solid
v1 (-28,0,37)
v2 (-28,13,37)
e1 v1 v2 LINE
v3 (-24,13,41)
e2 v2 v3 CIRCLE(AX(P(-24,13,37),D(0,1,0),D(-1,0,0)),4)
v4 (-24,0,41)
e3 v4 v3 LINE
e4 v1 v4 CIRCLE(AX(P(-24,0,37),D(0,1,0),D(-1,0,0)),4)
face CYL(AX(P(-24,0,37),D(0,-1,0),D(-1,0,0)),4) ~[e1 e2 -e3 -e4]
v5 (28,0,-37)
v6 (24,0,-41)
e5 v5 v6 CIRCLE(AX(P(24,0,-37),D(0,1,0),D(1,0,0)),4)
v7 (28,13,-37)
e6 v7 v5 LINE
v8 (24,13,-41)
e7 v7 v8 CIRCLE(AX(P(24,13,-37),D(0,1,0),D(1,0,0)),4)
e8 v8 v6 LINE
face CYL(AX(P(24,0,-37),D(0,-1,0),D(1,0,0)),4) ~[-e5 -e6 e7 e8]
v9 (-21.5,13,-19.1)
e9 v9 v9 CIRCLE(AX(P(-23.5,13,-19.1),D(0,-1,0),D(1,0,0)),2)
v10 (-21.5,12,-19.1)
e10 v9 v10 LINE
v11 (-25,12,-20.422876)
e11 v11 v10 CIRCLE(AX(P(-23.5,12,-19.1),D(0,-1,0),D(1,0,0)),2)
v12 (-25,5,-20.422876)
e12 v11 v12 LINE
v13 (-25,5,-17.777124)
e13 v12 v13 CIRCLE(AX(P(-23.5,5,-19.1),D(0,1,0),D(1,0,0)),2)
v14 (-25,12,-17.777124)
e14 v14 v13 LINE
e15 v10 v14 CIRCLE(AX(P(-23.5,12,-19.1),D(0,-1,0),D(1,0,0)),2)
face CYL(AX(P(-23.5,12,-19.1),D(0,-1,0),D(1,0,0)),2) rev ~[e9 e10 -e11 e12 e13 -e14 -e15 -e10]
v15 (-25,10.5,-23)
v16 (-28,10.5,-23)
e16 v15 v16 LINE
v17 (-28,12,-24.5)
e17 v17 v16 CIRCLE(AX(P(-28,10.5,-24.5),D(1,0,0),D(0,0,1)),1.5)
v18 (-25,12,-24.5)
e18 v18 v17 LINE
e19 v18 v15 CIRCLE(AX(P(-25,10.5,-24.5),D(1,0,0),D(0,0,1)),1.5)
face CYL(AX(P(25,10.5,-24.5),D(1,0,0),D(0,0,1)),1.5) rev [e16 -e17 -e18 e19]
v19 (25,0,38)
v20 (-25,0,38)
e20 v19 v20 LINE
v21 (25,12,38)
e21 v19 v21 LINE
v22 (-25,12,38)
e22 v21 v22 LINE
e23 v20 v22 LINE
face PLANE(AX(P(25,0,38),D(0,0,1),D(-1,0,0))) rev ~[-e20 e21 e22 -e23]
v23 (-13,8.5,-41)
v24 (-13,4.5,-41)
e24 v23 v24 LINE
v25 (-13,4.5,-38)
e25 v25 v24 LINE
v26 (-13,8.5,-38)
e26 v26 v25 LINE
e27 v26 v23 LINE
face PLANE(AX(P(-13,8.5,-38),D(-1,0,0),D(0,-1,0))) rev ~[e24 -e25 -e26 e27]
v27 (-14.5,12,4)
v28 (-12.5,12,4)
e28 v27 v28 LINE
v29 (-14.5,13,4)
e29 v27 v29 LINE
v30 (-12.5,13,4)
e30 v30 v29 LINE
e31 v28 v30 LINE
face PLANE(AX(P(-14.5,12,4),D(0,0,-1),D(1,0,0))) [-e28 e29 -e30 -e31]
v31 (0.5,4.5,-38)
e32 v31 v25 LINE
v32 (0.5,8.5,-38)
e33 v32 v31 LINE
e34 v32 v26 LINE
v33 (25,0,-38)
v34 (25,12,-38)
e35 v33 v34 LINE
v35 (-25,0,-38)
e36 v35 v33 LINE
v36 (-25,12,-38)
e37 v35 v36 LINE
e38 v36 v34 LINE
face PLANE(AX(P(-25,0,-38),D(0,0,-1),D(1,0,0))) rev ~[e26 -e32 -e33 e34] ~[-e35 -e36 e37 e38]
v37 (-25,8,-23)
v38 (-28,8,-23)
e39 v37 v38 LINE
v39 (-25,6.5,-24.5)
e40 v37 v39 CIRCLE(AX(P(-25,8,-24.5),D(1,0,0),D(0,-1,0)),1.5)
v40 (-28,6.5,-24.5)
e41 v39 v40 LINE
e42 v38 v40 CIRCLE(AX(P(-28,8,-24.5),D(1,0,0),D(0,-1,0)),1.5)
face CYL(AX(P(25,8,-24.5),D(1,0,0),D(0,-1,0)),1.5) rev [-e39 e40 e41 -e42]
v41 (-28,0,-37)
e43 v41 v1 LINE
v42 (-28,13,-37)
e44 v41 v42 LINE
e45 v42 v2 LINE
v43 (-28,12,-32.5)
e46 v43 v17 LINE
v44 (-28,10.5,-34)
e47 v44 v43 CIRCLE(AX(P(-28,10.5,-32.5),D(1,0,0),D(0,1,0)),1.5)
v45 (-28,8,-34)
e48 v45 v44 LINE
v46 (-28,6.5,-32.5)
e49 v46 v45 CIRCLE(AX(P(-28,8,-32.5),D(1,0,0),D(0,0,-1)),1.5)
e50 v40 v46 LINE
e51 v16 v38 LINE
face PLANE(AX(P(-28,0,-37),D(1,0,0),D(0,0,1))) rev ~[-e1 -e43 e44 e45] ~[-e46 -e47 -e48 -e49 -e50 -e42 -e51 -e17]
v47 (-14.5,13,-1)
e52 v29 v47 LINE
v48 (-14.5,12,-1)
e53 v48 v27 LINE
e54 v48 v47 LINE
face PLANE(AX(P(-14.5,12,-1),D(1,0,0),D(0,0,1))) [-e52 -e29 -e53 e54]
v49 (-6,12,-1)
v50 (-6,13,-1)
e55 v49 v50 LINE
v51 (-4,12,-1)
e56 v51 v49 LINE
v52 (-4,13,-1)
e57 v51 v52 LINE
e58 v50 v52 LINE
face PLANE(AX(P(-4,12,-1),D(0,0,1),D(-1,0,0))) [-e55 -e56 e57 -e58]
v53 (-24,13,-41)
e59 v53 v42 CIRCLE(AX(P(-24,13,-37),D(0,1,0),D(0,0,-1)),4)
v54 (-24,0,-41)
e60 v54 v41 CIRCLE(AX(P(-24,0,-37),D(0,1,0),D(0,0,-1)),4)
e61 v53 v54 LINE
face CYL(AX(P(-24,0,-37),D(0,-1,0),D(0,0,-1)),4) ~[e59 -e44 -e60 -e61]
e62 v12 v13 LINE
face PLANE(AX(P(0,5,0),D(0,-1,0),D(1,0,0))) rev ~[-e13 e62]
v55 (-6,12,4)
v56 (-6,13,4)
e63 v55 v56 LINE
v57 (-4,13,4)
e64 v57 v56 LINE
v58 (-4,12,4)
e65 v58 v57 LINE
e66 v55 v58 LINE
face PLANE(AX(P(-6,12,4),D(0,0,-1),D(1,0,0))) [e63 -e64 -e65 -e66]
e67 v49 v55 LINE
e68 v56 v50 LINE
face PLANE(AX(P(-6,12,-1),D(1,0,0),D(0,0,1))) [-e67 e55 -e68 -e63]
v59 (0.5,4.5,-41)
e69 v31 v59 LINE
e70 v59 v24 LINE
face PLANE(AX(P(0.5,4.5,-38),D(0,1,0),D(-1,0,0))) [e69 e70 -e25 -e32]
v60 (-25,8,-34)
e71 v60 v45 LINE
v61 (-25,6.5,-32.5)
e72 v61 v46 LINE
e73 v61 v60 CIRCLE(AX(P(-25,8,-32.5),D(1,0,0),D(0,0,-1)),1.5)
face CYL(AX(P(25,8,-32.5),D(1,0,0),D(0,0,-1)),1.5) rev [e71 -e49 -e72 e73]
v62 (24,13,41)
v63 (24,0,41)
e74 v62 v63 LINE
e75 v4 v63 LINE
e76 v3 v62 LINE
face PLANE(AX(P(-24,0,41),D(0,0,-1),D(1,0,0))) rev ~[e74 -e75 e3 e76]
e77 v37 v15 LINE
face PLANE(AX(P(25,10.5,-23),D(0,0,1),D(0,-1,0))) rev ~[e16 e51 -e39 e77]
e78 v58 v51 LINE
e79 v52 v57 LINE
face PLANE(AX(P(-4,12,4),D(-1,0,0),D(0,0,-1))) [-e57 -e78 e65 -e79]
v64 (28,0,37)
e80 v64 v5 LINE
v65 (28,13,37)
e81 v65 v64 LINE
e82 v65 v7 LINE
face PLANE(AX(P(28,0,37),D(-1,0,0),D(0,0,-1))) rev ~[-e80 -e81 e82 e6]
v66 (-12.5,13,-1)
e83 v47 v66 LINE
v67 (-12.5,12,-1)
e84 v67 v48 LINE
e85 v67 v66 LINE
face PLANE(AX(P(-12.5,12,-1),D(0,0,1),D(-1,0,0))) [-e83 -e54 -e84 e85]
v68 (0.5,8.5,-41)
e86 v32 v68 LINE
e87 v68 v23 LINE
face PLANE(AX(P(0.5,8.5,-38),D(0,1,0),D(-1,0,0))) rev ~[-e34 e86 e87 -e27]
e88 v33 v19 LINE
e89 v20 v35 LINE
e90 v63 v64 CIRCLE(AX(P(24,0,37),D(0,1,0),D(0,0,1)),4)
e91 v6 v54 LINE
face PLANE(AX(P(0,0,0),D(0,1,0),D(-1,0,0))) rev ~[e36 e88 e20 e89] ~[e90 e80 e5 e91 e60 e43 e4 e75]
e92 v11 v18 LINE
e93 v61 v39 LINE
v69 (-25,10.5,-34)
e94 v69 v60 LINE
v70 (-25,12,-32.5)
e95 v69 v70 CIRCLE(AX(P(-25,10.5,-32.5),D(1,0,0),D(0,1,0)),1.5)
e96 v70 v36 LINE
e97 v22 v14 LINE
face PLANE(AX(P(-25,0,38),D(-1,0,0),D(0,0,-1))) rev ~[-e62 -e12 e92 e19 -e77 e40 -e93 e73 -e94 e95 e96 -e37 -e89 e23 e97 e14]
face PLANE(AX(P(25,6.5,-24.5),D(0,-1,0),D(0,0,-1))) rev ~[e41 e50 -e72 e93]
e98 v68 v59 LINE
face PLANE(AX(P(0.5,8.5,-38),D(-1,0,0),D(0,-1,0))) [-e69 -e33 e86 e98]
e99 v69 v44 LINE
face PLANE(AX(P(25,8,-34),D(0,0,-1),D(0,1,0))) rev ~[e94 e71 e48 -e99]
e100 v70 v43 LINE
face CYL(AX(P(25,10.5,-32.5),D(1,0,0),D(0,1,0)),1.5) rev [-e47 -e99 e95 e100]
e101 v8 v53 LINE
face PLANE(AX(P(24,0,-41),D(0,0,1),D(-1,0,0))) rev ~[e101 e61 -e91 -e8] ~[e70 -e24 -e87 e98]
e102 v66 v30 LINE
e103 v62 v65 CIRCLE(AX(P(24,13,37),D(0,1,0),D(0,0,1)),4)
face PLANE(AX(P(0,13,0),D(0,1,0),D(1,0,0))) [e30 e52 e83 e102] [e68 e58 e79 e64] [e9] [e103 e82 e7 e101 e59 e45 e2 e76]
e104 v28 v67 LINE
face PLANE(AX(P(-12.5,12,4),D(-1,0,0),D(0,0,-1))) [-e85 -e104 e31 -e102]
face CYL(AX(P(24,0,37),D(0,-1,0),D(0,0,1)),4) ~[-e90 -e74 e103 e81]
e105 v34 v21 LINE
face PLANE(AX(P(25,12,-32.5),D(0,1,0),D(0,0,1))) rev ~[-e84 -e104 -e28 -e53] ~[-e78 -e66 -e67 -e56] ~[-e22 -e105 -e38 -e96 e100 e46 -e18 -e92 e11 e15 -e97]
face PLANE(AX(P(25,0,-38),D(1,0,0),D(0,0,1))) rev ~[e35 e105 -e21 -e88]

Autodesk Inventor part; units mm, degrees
ref_plane "YZ Plane" through (0, 0, 0) normal (1, 0, 0) x (0, 1, 0)
ref_plane "XZ Plane" through (0, 0, 0) normal (0, 1, 0) x (-1, 0, 0)
ref_plane "XY Plane" through (0, 0, 0) normal (0, 0, 1) x (1, 0, 0)
sketch "Boceto1" plane through (0, 0, 0) normal (0, 1, 0) x (-1, 0, 0)
  line L0 (-25, 38) -> (25, 38)
  line L1 (25, 38) -> (25, -38)
  line L2 (25, -38) -> (-25, -38)
  line L3 (-25, -38) -> (-25, 38)
  line L4 (-25, 38) -> (25, -38) construction
  line L5 (25, 38) -> (-25, -38) construction
  line L6 (28, -37) -> (28, 37)
  line L7 (24, 41) -> (-24, 41)
  line L8 (-28, 37) -> (-28, -37)
  line L9 (-24, -41) -> (24, -41)
  arc A0 (28, 37) -> (24, 41) centre (24, 37) ccw
  arc A1 (24, -41) -> (28, -37) centre (24, -37) ccw
  arc A2 (-28, -37) -> (-24, -41) centre (-24, -37) ccw
  arc A3 (-24, 41) -> (-28, 37) centre (-24, 37) ccw
  point P0 (0, 0)
  dimension "d0" = 50
  dimension "d1" = 76
  dimension "d2" = 3
  dimension "d3" = 4
extrude "Extrusión1" add sketch "Boceto1" along normal blind 12
sketch "Boceto2" plane through (0, 12, 0) normal (0, 1, 0) x (1, 0, 0)
  arc A0 (-28, -37) -> (-24, -41) centre (-24, -37) ccw projected
  line L0 (-24, -41) -> (24, -41) projected
  arc A1 (24, -41) -> (28, -37) centre (24, -37) ccw projected
  line L1 (28, -37) -> (28, 37) projected
  arc A2 (28, 37) -> (24, 41) centre (24, 37) ccw projected
  line L2 (24, 41) -> (-24, 41) projected
  arc A3 (-24, 41) -> (-28, 37) centre (-24, 37) ccw projected
  line L3 (-28, 37) -> (-28, -37) projected
  line L4 (25, -38) -> (-25, -38) projected
  line L5 (-25, -38) -> (-25, 38) projected
  line L6 (-25, 38) -> (25, 38) projected
  line L7 (25, 38) -> (25, -38) projected
  point P0 (0, 0)
extrude "Extrusión2" add sketch "Boceto2" along normal blind 1 contours L3 A3 L2 A2 L1 A1 L0 A0 | L4 L5 L6 L7
sketch "Boceto3" plane through (25, 0, -38) normal (-1, 0, 0) x (0, 0, 1)
  line L0 (0, 0) -> (76, 0) projected
  line L1 (76, 0) -> (76, 12) projected
  line L2 (0, 12) -> (76, 12) projected
  line L3 (0, 0) -> (0, 12) projected
  line L4 (5.5, 12) -> (13.5, 12)
  line L5 (15, 10.5) -> (15, 8)
  line L6 (13.5, 6.5) -> (5.5, 6.5)
  line L7 (4, 8) -> (4, 10.5)
  arc A0 (13.5, 6.5) -> (15, 8) centre (13.5, 8) ccw
  arc A1 (4, 8) -> (5.5, 6.5) centre (5.5, 8) ccw
  arc A2 (15, 10.5) -> (13.5, 12) centre (13.5, 10.5) ccw
  arc A3 (5.5, 12) -> (4, 10.5) centre (5.5, 10.5) ccw
  point P0 (38, 0)
  point P1 (15, 12)
  point P2 (15, 6.5)
  point P3 (4, 6.5)
  point P4 (4, 12)
  point P5 (13.5, 12)
  point P6 (5.5, 12)
  dimension "d8" = 15
  dimension "d9" = 5.5
  dimension "d10" = 11
  dimension "d11" = 90
  dimension "d12" = 5.5
  dimension "d13" = 90
  dimension "d14" = 1.5
  dimension "d15" = 1.5
extrude "Extrusión3" cut sketch "Boceto3" along normal through all contours L2 A2 L5 A0 L6 A1 L7 A3
sketch "Boceto4" plane through (-25, 0, -38) normal (0, 0, 1) x (1, 0, 0)
  line L0 (0, 0) -> (50, 0) projected
  line L1 (50, 0) -> (50, 12) projected
  line L2 (0, 12) -> (50, 12) projected
  line L3 (0, 0) -> (0, 12) projected
  line L4 (0, 12) -> (25.5, 12)
  line L5 (25.5, 12) -> (25.5, 4.5)
  line L6 (25.5, 4.5) -> (12, 4.5)
  line L7 (25.5, 12) -> (25.5, 8.5)
  line L8 (25.5, 8.5) -> (12, 8.5)
  line L9 (12, 8.5) -> (12, 4.5)
  point P0 (25, 0)
  dimension "d18" = 25.5
  dimension "d19" = 7.5
  dimension "d20" = 13.5
  dimension "d21" = 3.5
extrude "Extrusión4" cut sketch "Boceto4" against normal blind 10 contours L5 L6 L9 L8
sketch "Boceto5" plane through (0, 12, 0) normal (0, -1, 0) x (1, 0, 0)
  line L0 (-25, -32.5) -> (-25, -38) projected
  line L1 (-25, -38) -> (25, -38) projected
  line L2 (25, -38) -> (25, 38) projected
  line L3 (25, 38) -> (-25, 38) projected
  line L4 (-25, 38) -> (-25, -24.5) projected
  line L5 (-25, -24.5) -> (-28, -24.5) projected
  line L6 (-28, -32.5) -> (-28, -24.5) projected
  line L7 (-25, -32.5) -> (-28, -32.5) projected
  line L8 (-25, -23) -> (-25, -24.5) projected
  line L9 (-25, 38) -> (-25, -24.5) projected
  line L10 (-25, 38) -> (-25, -38) projected
  line L11 (-25, -32.5) -> (-25, -38) projected
  line L12 (-25, -32.5) -> (-25, -34) projected
  line L13 (-25, -34) -> (-25, -32.5) projected
  line L14 (-25, -32.5) -> (-25, -24.5) projected
  line L15 (-25, -24.5) -> (-25, -23) projected
  line L16 (-25, -23) -> (-25, -19.1)
  line L17 (-25, -23) -> (-21.1, -23) construction
  line L18 (-25, -19.1) -> (-23.5, -19.1)
  circle A0 centre (-23.5, -19.1) radius 2
  point P0 (0, 0)
  dimension "d24" = 3.9
  dimension "d25" = 90
  dimension "d26" = 1.5
  dimension "d27" = 4
extrude "Extrusión5" cut sketch "Boceto5" along normal mid plane 14 contours A0 L4 | L4 A0
sketch "Boceto6" plane through (0, 12, 0) normal (0, -1, 0) x (1, 0, 0)
  arc A0 (-25, -20.4229) -> (-25, -17.7771) centre (-23.5, -19.1) ccw projected
  line L0 (-25, -20.4229) -> (-25, -24.5) projected
  line L1 (-25, -24.5) -> (-28, -24.5) projected
  line L2 (-28, -32.5) -> (-28, -24.5) projected
  line L3 (-25, -32.5) -> (-28, -32.5) projected
  line L4 (-25, -32.5) -> (-25, -38) projected
  line L5 (-25, -38) -> (25, -38) projected
  line L6 (25, -38) -> (25, 38) projected
  line L7 (25, 38) -> (-25, 38) projected
  line L8 (-25, 38) -> (-25, -17.7771) projected
  line L9 (-6, 4) -> (-4, 4)
  line L10 (-4, 4) -> (-4, -1)
  line L11 (-4, -1) -> (-6, -1)
  line L12 (-6, -1) -> (-6, 4)
  line L13 (-6, 4) -> (-4, -1) construction
  line L14 (-4, 4) -> (-6, -1) construction
  line L15 (-14.5, 4) -> (-12.5, 4)
  line L16 (-12.5, 4) -> (-12.5, -1)
  line L17 (-12.5, -1) -> (-14.5, -1)
  line L18 (-14.5, -1) -> (-14.5, 4)
  line L19 (-14.5, 4) -> (-12.5, -1) construction
  line L20 (-12.5, 4) -> (-14.5, -1) construction
  point P0 (0, 0)
  point P1 (-13.5, 1.5)
  point P2 (-5, 1.5)
  dimension "d30" = 11.5
  dimension "d31" = 39.5
  dimension "d32" = 8.5
  dimension "d33" = 2
  dimension "d34" = 5
  dimension "d35" = 2
  dimension "d36" = 5
extrude "Extrusión6" cut sketch "Boceto6" against normal blind 14 contours L9 L10 L11 L12 | L15 L16 L17 L18
properties part number "Pieza1_3DPrint"
